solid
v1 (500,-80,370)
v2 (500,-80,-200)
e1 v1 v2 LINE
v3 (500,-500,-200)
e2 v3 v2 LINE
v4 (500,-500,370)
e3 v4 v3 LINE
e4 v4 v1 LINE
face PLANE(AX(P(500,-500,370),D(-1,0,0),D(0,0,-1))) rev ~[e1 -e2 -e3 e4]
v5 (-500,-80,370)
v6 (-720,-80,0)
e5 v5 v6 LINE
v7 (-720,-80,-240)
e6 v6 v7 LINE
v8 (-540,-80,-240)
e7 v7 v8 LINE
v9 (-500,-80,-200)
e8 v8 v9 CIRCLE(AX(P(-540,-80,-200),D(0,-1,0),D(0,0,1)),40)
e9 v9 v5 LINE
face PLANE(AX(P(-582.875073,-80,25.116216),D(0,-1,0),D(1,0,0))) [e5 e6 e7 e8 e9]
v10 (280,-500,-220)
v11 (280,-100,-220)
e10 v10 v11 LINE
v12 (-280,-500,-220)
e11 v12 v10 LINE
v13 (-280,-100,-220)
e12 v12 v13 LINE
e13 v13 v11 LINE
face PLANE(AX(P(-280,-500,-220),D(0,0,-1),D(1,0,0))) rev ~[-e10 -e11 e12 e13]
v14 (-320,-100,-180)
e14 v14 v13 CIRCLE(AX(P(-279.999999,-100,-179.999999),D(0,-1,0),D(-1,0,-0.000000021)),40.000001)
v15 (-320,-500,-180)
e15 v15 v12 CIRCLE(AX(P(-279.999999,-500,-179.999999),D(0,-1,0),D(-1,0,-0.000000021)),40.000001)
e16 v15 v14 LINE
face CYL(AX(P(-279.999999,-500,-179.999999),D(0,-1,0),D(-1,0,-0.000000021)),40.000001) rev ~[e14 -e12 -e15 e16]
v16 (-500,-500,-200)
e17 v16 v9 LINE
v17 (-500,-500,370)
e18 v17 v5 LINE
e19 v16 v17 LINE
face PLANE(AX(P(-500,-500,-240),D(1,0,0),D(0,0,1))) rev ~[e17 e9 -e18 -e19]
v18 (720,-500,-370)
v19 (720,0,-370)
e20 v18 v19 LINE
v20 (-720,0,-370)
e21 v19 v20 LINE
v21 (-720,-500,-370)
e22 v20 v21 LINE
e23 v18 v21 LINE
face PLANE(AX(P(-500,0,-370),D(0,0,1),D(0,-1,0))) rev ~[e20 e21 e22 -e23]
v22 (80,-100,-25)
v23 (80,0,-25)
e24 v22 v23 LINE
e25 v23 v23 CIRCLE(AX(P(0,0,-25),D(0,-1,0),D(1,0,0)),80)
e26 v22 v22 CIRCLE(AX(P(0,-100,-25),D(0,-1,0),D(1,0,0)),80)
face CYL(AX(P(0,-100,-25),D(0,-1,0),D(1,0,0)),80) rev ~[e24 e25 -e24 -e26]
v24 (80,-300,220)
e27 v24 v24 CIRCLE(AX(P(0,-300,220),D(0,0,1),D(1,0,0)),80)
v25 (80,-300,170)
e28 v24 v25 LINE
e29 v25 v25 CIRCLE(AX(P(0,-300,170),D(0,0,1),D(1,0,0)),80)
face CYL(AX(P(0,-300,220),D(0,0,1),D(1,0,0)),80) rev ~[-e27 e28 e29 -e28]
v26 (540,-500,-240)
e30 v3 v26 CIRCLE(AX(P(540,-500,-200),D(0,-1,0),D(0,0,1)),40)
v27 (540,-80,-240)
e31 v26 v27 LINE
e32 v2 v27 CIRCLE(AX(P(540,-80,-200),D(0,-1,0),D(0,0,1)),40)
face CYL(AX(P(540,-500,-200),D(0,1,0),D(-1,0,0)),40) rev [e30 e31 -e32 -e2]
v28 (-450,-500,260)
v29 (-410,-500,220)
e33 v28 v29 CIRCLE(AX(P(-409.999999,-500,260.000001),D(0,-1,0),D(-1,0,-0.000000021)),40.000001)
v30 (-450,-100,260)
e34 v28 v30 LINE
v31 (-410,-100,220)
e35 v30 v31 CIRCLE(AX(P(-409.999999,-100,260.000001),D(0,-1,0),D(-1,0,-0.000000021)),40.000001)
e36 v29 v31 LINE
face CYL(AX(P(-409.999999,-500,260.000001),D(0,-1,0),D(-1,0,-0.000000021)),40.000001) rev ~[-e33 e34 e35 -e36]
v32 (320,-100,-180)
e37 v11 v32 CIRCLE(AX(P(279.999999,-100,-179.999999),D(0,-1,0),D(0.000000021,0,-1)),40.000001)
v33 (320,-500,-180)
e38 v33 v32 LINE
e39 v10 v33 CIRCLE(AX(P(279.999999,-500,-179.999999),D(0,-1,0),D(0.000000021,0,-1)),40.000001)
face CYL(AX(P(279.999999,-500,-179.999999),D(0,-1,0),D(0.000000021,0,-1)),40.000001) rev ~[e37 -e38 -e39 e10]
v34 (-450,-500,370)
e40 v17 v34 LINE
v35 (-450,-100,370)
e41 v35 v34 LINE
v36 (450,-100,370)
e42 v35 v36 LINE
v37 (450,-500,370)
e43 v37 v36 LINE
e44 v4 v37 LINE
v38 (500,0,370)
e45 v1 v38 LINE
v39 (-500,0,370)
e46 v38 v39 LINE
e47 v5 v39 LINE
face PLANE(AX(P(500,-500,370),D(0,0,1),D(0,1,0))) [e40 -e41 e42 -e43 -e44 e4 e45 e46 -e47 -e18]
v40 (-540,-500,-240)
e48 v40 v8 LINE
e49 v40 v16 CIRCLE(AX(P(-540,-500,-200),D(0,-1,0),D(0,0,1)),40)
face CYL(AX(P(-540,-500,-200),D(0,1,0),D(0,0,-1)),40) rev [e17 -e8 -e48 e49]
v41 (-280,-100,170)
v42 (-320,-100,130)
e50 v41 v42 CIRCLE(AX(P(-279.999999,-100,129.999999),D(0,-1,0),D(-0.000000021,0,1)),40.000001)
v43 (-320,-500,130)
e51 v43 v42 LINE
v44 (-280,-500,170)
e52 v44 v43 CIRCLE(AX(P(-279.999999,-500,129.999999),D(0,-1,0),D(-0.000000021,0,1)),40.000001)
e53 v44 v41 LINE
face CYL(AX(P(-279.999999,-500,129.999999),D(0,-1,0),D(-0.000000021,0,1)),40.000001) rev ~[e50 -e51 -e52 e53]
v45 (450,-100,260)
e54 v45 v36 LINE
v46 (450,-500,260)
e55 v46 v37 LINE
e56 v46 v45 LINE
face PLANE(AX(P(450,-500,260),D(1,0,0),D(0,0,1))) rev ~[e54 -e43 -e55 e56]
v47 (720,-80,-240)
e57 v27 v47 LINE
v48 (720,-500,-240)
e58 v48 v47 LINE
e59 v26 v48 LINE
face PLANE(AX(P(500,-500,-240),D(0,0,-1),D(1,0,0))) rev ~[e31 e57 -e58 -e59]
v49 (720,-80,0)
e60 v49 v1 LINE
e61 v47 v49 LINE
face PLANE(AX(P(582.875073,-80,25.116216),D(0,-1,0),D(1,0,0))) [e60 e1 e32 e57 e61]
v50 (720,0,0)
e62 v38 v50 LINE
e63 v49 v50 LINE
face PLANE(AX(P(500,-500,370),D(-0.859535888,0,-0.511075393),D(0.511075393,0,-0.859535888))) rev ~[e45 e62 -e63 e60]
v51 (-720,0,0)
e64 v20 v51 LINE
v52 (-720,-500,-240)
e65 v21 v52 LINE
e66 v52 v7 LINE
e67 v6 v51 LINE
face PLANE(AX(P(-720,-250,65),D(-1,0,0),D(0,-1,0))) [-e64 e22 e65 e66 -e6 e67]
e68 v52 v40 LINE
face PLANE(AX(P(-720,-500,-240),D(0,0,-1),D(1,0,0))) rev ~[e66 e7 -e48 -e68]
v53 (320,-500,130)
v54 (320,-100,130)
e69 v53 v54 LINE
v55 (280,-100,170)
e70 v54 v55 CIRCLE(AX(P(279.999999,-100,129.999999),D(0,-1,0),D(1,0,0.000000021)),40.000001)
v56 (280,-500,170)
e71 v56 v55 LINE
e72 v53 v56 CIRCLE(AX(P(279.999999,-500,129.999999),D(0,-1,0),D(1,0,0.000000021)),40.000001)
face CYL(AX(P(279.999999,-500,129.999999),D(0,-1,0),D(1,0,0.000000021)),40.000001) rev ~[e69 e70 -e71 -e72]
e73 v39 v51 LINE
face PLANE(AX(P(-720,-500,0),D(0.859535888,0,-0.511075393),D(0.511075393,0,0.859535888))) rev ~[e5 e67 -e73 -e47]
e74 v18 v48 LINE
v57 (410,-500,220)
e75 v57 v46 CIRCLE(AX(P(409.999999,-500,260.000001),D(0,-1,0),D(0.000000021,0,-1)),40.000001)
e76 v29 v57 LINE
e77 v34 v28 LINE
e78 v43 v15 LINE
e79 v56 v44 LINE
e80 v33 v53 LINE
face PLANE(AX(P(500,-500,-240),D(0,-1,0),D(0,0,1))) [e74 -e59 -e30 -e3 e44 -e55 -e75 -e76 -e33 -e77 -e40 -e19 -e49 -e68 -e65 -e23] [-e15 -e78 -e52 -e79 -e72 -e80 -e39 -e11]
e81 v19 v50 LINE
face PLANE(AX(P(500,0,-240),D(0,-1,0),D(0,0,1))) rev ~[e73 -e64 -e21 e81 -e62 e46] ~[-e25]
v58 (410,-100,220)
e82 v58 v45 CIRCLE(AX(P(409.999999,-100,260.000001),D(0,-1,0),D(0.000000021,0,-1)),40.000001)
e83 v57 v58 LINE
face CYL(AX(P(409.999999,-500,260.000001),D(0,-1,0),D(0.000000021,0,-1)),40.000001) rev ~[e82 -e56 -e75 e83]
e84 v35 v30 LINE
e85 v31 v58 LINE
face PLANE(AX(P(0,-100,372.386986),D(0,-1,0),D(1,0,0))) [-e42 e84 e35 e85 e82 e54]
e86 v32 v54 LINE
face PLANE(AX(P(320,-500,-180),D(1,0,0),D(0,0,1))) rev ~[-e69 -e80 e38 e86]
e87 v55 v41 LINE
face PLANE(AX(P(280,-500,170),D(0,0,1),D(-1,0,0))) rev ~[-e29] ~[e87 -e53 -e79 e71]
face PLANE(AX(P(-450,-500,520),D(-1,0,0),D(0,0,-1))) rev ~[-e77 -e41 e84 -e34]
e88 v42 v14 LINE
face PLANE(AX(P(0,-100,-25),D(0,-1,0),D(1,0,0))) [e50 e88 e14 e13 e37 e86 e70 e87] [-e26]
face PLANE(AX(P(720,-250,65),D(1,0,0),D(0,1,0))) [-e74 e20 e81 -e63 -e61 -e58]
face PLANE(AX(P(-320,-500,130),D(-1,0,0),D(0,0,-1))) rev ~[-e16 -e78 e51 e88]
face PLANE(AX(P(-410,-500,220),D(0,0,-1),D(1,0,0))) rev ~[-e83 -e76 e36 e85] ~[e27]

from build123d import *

# Parameters (mm, degrees)
F0_W      = 1000
F0_H      = 740
F1_DEPTH  = 500
F3_DEPTH  = 400
F4_R      = 80
F5_DEPTH  = 100.001
F7_DEPTH  = 400
F8_W      = 500
F8_H      = 130
F9_DEPTH  = 220
F10_W     = 500
F10_H     = 130
F11_DEPTH = 220
F12_W     = 500
F12_H     = 610
F13_DEPTH = 220
F15_DEPTH = 500.001
F17_DEPTH = 420
F18_W     = 500
F18_H     = 610
F19_DEPTH = 220
F21_DEPTH = 500.001
F23_DEPTH = 420
F24_R     = 80
F25_DEPTH = 50
F26_R     = 40


with BuildPart() as f1:
    # F0 (on Front) → F1 (new body)
    with BuildSketch(Plane.XZ):
        Rectangle(F0_W, F0_H)
    extrude(amount=F1_DEPTH)

    # F2 (on face) → F3 (cut)
    with BuildSketch(Plane.XZ.offset(500)):
        with BuildLine():
            ThreePointArc((320, 130), (308.284271, 158.284271), (280, 170))
            Line((280, 170), (-280, 170))
            ThreePointArc((-280, 170), (-308.284271, 158.284271), (-320, 130))
            Line((-320, 130), (-320, -180))
            ThreePointArc((-320, -180), (-308.284271, -208.284271), (-280, -220))
            Line((-280, -220), (280, -220))
            ThreePointArc((280, -220), (308.284271, -208.284271), (320, -180))
            Line((320, -180), (320, 130))
        make_face()
    extrude(amount=-F3_DEPTH, mode=Mode.SUBTRACT)

    # F4 (on face) → F5 (cut, through all)
    with BuildSketch(Plane.XZ.offset(100)):
        with Locations((0, -25)):
            Circle(F4_R)
    extrude(amount=-F5_DEPTH, mode=Mode.SUBTRACT)

    # F6 (on face) → F7 (cut)
    with BuildSketch(Plane.XZ.offset(500)):
        with BuildLine():
            Line((450, 260), (450, 520))
            Line((450, 520), (-450, 520))
            Line((-450, 520), (-450, 260))
            ThreePointArc((-450, 260), (-438.284271, 231.715729), (-410, 220))
            Line((-410, 220), (410, 220))
            ThreePointArc((410, 220), (438.284271, 231.715729), (450, 260))
        make_face()
    extrude(amount=-F7_DEPTH, mode=Mode.SUBTRACT)

    # F8 (on face) → F9 (join)
    with BuildSketch(Plane.YZ.offset(500)):
        with Locations((-250, -305)):
            Rectangle(F8_W, F8_H)
    extrude(amount=F9_DEPTH)

    # F10 (on face) → F11 (join)
    with BuildSketch(Plane(origin=(-500, 0, 0), x_dir=(0, -1, 0), z_dir=(-1, 0, 0))):
        with Locations((250, -305)):
            Rectangle(F10_W, F10_H)
    extrude(amount=F11_DEPTH)

    # F12 (on face) → F13 (join)
    with BuildSketch(Plane(origin=(-500, 0, 0), x_dir=(0, -1, 0), z_dir=(-1, 0, 0))):
        with Locations((250, 65)):
            Rectangle(F12_W, F12_H)
    extrude(amount=F13_DEPTH)

    # F14 (on face) → F15 (cut, through all)
    with BuildSketch(Plane.XZ.offset(500)):
        Polygon((-720, 370), (-720, 0), (-500, 370), align=None)
    extrude(amount=-F15_DEPTH, mode=Mode.SUBTRACT)

    # F16 (on face) → F17 (cut)
    with BuildSketch(Plane.XZ.offset(500)):
        Polygon((-500, -240), (-500, 370), (-720, 0), (-720, -240), align=None)
    extrude(amount=-F17_DEPTH, mode=Mode.SUBTRACT)

    # F18 (on face) → F19 (join)
    with BuildSketch(Plane.YZ.offset(500)):
        with Locations((-250, 65)):
            Rectangle(F18_W, F18_H)
    extrude(amount=F19_DEPTH)

    # F20 (on face) → F21 (cut, through all)
    with BuildSketch(Plane.XZ.offset(500)):
        Polygon((720, 370), (500, 370), (720, 0), align=None)
    extrude(amount=-F21_DEPTH, mode=Mode.SUBTRACT)

    # F22 (on face) → F23 (cut)
    with BuildSketch(Plane.XZ.offset(500)):
        Polygon((720, 0), (500, 370), (500, -240), (720, -240), align=None)
    extrude(amount=-F23_DEPTH, mode=Mode.SUBTRACT)

    # F24 (on face) → F25 (cut)
    with BuildSketch(Plane.XY.offset(220)):
        with Locations((0, -300)):
            Circle(F24_R)
    extrude(amount=-F25_DEPTH, mode=Mode.SUBTRACT)

    # F26
    f26_edges = [f1.edges().sort_by_distance(p)[0] for p in [
        (-500, -290, -240),
        (500, -290, -240),
    ]]
    fillet(f26_edges, radius=F26_R)


solid = f1.part
